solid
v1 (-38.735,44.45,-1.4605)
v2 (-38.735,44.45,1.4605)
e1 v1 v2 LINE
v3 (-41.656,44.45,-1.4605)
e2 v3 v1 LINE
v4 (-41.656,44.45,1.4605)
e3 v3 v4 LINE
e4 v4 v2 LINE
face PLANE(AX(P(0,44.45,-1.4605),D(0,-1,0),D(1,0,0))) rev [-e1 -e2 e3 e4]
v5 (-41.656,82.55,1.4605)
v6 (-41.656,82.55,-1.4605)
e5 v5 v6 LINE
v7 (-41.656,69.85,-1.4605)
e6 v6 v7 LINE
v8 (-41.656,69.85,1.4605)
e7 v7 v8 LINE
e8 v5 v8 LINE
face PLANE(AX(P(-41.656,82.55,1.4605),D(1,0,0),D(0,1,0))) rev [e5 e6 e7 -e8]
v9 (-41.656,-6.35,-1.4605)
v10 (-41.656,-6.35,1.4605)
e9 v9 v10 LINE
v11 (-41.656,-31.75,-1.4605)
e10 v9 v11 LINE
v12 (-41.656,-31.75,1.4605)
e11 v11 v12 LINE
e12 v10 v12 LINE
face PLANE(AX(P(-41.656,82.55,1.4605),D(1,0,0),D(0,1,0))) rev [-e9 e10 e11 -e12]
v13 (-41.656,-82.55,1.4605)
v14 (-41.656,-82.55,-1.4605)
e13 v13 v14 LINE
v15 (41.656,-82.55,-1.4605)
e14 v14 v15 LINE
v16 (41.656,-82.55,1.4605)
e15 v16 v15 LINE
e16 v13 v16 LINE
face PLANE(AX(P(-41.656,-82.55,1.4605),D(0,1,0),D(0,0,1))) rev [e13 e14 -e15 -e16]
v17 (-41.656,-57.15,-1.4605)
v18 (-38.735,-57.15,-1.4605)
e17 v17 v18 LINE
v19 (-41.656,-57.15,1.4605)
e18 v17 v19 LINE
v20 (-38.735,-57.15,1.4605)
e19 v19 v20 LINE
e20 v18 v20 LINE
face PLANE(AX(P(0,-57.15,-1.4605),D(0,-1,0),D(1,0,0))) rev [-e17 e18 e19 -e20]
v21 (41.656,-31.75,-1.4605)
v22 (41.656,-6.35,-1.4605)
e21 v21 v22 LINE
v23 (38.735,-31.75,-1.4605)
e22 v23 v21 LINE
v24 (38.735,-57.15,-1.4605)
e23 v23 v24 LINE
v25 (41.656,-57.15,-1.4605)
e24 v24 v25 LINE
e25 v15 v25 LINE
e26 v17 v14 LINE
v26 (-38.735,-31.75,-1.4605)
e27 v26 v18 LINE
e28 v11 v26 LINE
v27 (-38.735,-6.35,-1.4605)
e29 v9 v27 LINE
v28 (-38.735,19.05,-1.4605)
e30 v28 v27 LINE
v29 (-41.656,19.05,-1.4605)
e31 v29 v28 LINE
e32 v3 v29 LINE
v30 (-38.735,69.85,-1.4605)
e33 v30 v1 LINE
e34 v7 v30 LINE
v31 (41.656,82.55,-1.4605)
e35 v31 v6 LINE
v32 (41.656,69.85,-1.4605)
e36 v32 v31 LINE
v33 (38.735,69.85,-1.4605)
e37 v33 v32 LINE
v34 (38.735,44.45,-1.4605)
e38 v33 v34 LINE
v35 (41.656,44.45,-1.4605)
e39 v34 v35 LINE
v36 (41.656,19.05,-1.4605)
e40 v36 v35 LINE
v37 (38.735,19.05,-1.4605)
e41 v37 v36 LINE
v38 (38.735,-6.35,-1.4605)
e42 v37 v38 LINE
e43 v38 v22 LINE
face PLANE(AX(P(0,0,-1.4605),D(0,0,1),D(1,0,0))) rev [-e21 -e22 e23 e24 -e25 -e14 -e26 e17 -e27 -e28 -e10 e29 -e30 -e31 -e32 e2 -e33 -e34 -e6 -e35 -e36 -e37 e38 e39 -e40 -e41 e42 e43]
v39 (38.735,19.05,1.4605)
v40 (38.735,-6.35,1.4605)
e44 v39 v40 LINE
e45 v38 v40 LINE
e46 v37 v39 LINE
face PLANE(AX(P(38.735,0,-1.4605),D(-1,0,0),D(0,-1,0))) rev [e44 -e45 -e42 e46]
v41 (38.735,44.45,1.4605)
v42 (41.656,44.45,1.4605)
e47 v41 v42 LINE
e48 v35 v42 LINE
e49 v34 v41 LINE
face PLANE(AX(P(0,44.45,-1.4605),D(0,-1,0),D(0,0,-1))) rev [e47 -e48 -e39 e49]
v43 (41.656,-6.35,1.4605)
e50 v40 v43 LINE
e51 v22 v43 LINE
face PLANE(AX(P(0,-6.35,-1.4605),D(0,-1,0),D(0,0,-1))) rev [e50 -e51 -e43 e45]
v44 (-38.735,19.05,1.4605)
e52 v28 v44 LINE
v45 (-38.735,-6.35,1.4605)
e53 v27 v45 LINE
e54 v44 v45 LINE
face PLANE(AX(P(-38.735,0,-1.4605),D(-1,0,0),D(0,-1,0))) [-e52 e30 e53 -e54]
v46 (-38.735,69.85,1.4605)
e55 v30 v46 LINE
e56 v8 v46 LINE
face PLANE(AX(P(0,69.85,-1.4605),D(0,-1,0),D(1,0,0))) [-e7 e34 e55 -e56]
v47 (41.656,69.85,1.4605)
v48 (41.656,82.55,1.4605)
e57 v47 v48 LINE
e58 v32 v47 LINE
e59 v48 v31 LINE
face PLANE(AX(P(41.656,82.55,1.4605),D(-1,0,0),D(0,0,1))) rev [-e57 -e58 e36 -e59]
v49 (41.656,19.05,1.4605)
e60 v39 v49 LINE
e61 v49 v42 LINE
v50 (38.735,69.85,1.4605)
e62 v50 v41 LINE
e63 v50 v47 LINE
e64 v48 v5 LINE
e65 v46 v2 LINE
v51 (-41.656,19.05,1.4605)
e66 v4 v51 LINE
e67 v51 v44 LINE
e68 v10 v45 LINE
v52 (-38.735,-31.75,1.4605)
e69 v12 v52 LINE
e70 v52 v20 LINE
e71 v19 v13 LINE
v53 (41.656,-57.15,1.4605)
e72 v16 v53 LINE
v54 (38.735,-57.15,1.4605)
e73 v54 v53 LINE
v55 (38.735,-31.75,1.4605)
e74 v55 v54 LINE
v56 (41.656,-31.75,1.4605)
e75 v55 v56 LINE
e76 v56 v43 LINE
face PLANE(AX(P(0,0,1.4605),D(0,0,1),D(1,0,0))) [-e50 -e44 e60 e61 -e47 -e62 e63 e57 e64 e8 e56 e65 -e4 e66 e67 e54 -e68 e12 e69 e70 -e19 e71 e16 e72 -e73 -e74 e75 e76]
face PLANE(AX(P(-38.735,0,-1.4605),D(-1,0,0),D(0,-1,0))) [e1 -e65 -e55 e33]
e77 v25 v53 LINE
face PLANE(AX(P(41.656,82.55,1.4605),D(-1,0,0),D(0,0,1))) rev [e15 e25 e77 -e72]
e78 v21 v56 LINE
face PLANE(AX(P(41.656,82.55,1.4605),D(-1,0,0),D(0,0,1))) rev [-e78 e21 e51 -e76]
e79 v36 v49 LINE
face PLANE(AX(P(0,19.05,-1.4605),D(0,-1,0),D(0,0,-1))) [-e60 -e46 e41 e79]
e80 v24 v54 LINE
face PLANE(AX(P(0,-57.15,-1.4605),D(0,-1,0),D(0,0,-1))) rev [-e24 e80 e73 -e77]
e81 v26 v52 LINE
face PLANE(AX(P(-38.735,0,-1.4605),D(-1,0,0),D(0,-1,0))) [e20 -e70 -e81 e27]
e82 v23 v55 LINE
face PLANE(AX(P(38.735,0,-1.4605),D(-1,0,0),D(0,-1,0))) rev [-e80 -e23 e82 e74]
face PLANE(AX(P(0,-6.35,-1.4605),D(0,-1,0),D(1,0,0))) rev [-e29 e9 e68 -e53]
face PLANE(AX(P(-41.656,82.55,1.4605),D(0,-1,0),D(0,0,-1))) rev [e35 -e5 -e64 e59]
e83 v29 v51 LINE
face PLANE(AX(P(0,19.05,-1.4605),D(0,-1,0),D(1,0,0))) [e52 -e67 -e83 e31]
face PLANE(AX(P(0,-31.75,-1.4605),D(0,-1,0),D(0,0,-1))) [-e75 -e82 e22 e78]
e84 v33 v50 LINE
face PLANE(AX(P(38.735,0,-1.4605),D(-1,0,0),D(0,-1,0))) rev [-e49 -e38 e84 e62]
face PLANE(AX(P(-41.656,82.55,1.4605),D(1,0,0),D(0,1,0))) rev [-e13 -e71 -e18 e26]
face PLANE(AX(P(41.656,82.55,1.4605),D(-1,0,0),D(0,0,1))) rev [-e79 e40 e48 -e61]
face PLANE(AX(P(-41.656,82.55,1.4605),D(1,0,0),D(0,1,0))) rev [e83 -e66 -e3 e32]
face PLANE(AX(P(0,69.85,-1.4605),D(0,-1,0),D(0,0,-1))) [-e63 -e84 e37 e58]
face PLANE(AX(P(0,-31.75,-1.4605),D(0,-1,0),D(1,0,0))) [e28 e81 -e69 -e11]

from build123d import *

# Parameters (mm, degrees)
SKETCH1_W           = 83.312
SKETCH1_H           = 165.1
BOSS_EXTRUDE1_DEPTH = 1.4605
SKETCH2_W           = 2.921
SKETCH2_H           = 25.4
CUT_EXTRUDE1_DEPTH  = 2.921


with BuildPart() as part:
    # Sketch1 → Boss-Extrude1 (new, symmetric)
    with BuildSketch(Plane.XY):
        Rectangle(SKETCH1_W, SKETCH1_H)
    extrude(amount=BOSS_EXTRUDE1_DEPTH, both=True)

    # Sketch2 → Cut-Extrude1 (cut)
    with BuildSketch(Plane.XY.offset(1.4605)):
        with Locations((-40.1955, 57.15)):
            Rectangle(SKETCH2_W, SKETCH2_H)
        with Locations((-40.1955, 6.35)):
            Rectangle(SKETCH2_W, SKETCH2_H)
        with Locations((-40.1955, -44.45)):
            Rectangle(SKETCH2_W, SKETCH2_H)
        with Locations((40.1955, -44.45)):
            Rectangle(SKETCH2_W, SKETCH2_H)
        with Locations((40.1955, 6.35)):
            Rectangle(SKETCH2_W, SKETCH2_H)
        with Locations((40.1955, 57.15)):
            Rectangle(SKETCH2_W, SKETCH2_H)
    extrude(amount=-CUT_EXTRUDE1_DEPTH, mode=Mode.SUBTRACT)


solid = part.part
